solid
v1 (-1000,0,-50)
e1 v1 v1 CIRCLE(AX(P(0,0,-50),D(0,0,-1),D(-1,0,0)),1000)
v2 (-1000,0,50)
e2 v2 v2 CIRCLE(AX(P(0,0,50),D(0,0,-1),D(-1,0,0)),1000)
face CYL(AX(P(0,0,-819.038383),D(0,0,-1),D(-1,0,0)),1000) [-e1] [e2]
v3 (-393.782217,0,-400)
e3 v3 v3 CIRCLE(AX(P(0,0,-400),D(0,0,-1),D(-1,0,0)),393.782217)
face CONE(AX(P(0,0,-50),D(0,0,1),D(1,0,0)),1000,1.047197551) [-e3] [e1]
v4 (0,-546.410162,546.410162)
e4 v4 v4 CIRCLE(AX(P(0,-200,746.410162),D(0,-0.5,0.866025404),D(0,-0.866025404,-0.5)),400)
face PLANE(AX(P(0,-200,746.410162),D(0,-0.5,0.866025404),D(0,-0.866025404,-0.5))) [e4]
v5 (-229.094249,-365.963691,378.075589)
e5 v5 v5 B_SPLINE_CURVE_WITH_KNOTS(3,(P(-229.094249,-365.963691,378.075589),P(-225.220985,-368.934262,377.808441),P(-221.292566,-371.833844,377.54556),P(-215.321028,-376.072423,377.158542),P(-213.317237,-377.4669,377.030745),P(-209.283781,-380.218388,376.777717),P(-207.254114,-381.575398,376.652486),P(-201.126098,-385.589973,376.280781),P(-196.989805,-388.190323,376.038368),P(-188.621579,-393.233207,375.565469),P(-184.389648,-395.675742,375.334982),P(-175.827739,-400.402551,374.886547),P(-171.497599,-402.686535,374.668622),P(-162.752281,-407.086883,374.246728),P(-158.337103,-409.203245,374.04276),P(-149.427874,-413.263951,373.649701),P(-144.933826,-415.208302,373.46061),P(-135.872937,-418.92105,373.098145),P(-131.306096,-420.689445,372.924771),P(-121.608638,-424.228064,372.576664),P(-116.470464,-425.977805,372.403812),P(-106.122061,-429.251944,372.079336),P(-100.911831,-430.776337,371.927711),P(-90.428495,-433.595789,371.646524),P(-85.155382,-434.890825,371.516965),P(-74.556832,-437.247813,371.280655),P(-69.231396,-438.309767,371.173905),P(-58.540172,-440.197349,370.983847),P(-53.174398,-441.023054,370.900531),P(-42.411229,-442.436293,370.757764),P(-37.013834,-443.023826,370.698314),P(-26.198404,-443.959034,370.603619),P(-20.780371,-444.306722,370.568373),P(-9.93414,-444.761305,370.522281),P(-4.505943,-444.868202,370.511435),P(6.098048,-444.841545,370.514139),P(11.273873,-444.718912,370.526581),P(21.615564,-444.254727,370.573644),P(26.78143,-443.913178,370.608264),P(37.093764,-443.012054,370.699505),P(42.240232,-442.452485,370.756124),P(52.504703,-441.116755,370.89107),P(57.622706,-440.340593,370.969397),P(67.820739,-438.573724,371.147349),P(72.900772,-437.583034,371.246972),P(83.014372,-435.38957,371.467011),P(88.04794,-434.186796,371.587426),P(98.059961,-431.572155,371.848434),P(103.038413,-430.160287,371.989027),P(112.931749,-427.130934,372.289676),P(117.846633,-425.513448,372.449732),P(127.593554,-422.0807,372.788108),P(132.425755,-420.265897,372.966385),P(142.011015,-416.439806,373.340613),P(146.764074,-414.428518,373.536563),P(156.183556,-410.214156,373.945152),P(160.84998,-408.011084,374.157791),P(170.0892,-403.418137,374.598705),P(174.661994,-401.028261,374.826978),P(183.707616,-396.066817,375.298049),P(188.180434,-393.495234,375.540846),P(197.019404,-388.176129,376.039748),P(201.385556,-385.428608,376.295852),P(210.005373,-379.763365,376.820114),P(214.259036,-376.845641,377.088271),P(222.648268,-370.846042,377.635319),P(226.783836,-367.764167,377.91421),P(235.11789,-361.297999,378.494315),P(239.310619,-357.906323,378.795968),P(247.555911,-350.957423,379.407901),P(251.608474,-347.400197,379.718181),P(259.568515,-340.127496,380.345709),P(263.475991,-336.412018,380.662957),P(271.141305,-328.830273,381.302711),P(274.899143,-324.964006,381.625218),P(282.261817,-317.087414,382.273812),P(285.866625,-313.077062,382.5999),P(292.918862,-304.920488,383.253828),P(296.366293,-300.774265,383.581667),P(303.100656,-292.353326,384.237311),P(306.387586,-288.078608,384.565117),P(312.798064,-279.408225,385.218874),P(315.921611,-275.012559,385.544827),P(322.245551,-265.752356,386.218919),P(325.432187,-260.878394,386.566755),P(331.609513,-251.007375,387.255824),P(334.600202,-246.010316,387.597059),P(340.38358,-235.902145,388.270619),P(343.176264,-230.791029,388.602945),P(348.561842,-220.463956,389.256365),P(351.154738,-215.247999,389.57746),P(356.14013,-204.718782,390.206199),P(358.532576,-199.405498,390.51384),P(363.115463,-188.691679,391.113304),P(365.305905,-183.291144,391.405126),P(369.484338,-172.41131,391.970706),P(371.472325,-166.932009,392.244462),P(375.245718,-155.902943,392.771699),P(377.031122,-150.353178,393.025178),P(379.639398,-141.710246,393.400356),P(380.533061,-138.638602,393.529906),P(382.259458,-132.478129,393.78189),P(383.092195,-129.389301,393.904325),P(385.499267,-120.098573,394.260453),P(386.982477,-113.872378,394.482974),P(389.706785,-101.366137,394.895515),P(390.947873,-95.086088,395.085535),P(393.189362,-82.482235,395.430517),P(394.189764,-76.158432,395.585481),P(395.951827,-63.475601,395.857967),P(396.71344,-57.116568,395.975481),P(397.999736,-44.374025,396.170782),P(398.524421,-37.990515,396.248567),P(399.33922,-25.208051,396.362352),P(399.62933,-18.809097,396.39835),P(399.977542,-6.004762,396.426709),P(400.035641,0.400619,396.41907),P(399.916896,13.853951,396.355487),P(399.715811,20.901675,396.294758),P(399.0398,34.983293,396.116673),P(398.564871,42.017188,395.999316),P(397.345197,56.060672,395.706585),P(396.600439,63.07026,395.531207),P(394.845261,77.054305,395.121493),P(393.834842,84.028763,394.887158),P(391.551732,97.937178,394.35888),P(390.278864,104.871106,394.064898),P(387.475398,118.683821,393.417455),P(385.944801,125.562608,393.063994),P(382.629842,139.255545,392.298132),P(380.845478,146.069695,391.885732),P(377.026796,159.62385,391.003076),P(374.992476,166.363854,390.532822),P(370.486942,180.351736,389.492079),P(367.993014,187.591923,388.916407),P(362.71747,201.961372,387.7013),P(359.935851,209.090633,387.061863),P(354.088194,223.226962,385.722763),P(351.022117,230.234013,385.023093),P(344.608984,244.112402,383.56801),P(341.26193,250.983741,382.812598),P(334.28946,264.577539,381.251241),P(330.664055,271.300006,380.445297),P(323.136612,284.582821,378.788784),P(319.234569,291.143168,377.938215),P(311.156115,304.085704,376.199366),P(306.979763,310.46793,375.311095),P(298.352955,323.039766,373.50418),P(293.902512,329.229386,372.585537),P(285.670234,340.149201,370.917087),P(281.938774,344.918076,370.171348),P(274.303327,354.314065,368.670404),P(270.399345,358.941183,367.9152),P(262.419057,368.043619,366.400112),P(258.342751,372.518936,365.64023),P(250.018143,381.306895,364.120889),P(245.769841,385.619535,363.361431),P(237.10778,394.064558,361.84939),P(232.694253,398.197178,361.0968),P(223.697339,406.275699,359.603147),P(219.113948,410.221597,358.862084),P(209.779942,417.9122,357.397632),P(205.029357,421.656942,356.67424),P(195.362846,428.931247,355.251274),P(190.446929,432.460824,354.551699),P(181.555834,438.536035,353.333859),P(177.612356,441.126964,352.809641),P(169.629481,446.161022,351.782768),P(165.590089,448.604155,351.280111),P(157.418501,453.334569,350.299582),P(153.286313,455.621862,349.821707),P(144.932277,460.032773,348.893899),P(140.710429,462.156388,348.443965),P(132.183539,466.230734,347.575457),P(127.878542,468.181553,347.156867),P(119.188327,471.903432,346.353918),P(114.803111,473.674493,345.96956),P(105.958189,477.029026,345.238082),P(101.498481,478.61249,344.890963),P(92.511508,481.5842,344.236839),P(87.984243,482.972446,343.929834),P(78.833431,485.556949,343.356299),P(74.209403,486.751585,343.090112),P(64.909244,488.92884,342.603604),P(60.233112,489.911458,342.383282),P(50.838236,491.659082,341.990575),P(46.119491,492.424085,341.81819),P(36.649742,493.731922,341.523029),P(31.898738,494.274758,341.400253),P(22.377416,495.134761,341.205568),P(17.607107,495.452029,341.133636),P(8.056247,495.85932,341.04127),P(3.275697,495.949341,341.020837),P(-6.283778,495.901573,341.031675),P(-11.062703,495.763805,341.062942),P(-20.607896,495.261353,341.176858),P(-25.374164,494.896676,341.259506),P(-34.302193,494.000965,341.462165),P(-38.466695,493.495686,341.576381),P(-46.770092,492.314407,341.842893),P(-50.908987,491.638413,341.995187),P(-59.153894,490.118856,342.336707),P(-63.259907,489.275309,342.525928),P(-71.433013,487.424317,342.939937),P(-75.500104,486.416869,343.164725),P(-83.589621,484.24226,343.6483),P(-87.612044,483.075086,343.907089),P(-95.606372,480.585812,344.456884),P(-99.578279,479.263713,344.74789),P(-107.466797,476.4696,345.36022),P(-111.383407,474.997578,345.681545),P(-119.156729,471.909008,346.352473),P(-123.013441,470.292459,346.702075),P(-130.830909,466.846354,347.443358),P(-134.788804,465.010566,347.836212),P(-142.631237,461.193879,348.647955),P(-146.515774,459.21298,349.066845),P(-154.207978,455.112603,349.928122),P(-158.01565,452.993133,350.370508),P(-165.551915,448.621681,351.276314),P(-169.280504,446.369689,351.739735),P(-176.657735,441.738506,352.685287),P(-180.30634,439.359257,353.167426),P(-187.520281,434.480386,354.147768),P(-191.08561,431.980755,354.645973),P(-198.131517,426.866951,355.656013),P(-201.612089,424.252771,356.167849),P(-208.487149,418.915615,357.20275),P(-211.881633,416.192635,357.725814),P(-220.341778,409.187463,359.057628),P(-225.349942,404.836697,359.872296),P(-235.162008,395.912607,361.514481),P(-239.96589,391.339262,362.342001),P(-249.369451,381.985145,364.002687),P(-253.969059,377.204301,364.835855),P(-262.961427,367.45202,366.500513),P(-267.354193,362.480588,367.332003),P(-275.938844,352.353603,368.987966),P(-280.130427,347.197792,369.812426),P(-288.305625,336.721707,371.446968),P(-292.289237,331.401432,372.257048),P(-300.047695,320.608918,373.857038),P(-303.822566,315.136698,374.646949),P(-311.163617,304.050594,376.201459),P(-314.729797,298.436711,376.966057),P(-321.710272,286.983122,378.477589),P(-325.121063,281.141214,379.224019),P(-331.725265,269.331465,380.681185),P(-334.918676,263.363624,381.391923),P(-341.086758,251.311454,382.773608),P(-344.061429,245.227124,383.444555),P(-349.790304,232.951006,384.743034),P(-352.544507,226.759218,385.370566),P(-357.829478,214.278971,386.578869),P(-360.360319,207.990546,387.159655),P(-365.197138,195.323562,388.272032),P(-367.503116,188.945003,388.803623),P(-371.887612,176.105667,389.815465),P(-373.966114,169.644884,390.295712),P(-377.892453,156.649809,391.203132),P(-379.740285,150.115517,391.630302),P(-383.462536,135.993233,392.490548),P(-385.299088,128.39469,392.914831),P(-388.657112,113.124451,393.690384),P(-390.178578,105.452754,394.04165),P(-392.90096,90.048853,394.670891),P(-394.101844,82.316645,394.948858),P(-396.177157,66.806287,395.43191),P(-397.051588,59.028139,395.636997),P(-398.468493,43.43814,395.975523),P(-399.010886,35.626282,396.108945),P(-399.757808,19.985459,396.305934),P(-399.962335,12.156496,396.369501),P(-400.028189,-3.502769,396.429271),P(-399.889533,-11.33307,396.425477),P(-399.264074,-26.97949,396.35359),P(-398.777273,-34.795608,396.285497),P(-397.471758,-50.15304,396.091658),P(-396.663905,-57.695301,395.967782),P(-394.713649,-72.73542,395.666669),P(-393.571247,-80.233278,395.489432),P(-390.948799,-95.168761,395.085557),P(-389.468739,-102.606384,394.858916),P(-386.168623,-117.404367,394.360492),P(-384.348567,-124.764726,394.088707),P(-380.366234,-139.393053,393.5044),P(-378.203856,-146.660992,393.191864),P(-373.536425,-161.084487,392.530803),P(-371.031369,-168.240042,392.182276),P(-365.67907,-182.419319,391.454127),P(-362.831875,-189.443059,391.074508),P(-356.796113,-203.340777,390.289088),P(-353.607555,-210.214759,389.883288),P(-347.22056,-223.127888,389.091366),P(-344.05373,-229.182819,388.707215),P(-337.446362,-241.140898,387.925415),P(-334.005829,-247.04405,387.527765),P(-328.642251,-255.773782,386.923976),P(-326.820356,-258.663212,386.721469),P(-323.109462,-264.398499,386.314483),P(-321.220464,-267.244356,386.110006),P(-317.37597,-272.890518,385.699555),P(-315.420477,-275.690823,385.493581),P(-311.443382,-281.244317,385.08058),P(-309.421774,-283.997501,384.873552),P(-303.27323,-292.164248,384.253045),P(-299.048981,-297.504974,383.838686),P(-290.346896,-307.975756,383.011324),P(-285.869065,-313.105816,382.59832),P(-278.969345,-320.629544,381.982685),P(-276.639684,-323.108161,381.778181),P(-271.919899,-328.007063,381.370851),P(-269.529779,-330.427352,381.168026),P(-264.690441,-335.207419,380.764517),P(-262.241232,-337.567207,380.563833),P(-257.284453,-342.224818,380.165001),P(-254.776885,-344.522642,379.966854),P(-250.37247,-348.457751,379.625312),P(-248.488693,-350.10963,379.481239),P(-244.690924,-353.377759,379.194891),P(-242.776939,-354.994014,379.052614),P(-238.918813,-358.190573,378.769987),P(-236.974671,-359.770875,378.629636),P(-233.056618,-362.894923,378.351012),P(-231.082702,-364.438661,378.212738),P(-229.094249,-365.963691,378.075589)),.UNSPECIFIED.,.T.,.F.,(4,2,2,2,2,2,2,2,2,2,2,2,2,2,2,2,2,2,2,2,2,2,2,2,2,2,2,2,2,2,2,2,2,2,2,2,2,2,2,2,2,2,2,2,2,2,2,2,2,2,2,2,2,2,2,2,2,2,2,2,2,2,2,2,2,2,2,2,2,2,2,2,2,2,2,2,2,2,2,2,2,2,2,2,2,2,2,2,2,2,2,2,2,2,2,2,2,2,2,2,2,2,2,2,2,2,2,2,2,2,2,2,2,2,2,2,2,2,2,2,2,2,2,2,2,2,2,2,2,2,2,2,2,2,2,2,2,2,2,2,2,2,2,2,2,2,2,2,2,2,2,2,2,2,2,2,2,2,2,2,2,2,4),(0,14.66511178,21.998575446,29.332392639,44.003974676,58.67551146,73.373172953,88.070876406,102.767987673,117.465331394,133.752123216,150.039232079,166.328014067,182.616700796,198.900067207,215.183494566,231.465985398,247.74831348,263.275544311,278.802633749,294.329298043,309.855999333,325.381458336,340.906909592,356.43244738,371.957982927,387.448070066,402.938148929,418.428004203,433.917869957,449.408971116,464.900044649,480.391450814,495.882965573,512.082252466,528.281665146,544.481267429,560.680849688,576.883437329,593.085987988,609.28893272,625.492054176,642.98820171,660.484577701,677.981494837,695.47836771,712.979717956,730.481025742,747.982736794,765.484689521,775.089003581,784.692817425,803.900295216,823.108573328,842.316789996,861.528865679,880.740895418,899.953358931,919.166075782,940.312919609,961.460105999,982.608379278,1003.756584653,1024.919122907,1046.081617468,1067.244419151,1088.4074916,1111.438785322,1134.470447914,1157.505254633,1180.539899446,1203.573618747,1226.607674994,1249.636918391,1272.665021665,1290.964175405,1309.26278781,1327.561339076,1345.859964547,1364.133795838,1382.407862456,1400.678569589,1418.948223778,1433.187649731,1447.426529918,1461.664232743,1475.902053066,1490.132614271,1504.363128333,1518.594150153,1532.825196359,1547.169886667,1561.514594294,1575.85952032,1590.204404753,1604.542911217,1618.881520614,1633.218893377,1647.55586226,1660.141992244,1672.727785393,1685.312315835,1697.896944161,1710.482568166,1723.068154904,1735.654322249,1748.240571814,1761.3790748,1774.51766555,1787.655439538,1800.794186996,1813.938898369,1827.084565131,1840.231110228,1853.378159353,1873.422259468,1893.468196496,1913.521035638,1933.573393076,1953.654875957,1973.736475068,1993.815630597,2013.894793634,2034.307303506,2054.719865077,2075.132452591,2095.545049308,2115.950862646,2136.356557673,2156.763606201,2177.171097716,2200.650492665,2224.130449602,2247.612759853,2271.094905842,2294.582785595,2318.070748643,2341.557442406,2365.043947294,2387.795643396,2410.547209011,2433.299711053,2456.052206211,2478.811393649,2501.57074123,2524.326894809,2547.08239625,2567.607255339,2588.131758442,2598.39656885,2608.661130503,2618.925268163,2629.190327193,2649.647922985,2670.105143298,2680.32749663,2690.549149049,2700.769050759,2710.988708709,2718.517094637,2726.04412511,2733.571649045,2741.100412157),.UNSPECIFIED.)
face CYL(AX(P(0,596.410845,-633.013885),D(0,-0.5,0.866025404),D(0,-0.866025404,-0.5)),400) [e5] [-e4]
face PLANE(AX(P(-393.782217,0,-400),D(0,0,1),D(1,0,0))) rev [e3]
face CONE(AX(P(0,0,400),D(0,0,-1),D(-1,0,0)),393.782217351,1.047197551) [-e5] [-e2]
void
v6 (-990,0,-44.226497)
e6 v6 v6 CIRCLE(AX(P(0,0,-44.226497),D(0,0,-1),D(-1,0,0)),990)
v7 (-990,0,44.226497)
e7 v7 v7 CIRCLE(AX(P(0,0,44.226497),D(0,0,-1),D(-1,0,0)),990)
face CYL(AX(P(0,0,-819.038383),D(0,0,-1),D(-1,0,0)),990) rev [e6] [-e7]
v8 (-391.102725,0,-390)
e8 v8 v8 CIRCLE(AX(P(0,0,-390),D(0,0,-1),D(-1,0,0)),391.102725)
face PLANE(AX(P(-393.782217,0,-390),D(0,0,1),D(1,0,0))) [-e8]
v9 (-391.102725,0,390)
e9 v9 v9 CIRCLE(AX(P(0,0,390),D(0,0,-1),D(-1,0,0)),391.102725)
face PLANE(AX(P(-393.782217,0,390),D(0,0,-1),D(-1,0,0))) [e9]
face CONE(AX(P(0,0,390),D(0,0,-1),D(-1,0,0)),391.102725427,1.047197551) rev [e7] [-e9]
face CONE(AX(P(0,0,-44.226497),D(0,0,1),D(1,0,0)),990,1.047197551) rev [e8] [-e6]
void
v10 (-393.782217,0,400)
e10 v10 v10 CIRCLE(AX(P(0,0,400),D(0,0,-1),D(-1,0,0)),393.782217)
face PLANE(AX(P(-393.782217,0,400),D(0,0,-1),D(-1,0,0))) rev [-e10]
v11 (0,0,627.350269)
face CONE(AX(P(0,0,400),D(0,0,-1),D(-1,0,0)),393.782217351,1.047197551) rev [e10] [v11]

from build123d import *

# Parameters (mm, degrees)
BOSS_EXTRUDE1_REACH = 1997.161
SKETCH3_R           = 400


with BuildPart() as part:
    # Sketch2 → Revolve-Thin1 (revolve)
    with BuildSketch(Plane(origin=(0, 0, 0), x_dir=(1, 0, 0), z_dir=(0, 1, 0))):
        Polygon((0, -400), (-393.782217351, -400), (-1000, -50), (-1000, 50), (-393.782217351, 400), (0, 400), (0, 390), (-391.102725427, 390), (-990, 44.226497308), (-990, -44.226497308), (-391.102725427, -390), (0, -390), align=None)
    revolve(axis=Axis((0, 0, -819.038383134), (0, 0, 1)))

    # Boss-Extrude1: up to this cone (the profile starts outside it)
    boss_extrude1_end = Plane(origin=(0, 0, 746.410162), z_dir=(0, 0, -1)).offset(119.05989381) * Cone(1.732e-06, 3253.832564808, 1878.60110619, align=(Align.CENTER, Align.CENTER, Align.MIN), mode=Mode.PRIVATE)
    # Sketch3 → Boss-Extrude1 (add, up to the surface)
    with BuildSketch(Plane(origin=(0, -373.205080757, 646.410161514), x_dir=(1, 0, 0), z_dir=(0, -0.500000000000001, 0.866025403784438)), mode=Mode.PRIVATE) as boss_extrude1_sk1:
        with Locations(Location((0, 200, 0), (0, 0, 270))):
            Circle(SKETCH3_R)
    boss_extrude1_tool1 = extrude(boss_extrude1_sk1.sketch, amount=-BOSS_EXTRUDE1_REACH, mode=Mode.PRIVATE) - boss_extrude1_end
    add(boss_extrude1_tool1.solids().sort_by_distance((0, -200, 746.410162))[0])


solid = part.part
